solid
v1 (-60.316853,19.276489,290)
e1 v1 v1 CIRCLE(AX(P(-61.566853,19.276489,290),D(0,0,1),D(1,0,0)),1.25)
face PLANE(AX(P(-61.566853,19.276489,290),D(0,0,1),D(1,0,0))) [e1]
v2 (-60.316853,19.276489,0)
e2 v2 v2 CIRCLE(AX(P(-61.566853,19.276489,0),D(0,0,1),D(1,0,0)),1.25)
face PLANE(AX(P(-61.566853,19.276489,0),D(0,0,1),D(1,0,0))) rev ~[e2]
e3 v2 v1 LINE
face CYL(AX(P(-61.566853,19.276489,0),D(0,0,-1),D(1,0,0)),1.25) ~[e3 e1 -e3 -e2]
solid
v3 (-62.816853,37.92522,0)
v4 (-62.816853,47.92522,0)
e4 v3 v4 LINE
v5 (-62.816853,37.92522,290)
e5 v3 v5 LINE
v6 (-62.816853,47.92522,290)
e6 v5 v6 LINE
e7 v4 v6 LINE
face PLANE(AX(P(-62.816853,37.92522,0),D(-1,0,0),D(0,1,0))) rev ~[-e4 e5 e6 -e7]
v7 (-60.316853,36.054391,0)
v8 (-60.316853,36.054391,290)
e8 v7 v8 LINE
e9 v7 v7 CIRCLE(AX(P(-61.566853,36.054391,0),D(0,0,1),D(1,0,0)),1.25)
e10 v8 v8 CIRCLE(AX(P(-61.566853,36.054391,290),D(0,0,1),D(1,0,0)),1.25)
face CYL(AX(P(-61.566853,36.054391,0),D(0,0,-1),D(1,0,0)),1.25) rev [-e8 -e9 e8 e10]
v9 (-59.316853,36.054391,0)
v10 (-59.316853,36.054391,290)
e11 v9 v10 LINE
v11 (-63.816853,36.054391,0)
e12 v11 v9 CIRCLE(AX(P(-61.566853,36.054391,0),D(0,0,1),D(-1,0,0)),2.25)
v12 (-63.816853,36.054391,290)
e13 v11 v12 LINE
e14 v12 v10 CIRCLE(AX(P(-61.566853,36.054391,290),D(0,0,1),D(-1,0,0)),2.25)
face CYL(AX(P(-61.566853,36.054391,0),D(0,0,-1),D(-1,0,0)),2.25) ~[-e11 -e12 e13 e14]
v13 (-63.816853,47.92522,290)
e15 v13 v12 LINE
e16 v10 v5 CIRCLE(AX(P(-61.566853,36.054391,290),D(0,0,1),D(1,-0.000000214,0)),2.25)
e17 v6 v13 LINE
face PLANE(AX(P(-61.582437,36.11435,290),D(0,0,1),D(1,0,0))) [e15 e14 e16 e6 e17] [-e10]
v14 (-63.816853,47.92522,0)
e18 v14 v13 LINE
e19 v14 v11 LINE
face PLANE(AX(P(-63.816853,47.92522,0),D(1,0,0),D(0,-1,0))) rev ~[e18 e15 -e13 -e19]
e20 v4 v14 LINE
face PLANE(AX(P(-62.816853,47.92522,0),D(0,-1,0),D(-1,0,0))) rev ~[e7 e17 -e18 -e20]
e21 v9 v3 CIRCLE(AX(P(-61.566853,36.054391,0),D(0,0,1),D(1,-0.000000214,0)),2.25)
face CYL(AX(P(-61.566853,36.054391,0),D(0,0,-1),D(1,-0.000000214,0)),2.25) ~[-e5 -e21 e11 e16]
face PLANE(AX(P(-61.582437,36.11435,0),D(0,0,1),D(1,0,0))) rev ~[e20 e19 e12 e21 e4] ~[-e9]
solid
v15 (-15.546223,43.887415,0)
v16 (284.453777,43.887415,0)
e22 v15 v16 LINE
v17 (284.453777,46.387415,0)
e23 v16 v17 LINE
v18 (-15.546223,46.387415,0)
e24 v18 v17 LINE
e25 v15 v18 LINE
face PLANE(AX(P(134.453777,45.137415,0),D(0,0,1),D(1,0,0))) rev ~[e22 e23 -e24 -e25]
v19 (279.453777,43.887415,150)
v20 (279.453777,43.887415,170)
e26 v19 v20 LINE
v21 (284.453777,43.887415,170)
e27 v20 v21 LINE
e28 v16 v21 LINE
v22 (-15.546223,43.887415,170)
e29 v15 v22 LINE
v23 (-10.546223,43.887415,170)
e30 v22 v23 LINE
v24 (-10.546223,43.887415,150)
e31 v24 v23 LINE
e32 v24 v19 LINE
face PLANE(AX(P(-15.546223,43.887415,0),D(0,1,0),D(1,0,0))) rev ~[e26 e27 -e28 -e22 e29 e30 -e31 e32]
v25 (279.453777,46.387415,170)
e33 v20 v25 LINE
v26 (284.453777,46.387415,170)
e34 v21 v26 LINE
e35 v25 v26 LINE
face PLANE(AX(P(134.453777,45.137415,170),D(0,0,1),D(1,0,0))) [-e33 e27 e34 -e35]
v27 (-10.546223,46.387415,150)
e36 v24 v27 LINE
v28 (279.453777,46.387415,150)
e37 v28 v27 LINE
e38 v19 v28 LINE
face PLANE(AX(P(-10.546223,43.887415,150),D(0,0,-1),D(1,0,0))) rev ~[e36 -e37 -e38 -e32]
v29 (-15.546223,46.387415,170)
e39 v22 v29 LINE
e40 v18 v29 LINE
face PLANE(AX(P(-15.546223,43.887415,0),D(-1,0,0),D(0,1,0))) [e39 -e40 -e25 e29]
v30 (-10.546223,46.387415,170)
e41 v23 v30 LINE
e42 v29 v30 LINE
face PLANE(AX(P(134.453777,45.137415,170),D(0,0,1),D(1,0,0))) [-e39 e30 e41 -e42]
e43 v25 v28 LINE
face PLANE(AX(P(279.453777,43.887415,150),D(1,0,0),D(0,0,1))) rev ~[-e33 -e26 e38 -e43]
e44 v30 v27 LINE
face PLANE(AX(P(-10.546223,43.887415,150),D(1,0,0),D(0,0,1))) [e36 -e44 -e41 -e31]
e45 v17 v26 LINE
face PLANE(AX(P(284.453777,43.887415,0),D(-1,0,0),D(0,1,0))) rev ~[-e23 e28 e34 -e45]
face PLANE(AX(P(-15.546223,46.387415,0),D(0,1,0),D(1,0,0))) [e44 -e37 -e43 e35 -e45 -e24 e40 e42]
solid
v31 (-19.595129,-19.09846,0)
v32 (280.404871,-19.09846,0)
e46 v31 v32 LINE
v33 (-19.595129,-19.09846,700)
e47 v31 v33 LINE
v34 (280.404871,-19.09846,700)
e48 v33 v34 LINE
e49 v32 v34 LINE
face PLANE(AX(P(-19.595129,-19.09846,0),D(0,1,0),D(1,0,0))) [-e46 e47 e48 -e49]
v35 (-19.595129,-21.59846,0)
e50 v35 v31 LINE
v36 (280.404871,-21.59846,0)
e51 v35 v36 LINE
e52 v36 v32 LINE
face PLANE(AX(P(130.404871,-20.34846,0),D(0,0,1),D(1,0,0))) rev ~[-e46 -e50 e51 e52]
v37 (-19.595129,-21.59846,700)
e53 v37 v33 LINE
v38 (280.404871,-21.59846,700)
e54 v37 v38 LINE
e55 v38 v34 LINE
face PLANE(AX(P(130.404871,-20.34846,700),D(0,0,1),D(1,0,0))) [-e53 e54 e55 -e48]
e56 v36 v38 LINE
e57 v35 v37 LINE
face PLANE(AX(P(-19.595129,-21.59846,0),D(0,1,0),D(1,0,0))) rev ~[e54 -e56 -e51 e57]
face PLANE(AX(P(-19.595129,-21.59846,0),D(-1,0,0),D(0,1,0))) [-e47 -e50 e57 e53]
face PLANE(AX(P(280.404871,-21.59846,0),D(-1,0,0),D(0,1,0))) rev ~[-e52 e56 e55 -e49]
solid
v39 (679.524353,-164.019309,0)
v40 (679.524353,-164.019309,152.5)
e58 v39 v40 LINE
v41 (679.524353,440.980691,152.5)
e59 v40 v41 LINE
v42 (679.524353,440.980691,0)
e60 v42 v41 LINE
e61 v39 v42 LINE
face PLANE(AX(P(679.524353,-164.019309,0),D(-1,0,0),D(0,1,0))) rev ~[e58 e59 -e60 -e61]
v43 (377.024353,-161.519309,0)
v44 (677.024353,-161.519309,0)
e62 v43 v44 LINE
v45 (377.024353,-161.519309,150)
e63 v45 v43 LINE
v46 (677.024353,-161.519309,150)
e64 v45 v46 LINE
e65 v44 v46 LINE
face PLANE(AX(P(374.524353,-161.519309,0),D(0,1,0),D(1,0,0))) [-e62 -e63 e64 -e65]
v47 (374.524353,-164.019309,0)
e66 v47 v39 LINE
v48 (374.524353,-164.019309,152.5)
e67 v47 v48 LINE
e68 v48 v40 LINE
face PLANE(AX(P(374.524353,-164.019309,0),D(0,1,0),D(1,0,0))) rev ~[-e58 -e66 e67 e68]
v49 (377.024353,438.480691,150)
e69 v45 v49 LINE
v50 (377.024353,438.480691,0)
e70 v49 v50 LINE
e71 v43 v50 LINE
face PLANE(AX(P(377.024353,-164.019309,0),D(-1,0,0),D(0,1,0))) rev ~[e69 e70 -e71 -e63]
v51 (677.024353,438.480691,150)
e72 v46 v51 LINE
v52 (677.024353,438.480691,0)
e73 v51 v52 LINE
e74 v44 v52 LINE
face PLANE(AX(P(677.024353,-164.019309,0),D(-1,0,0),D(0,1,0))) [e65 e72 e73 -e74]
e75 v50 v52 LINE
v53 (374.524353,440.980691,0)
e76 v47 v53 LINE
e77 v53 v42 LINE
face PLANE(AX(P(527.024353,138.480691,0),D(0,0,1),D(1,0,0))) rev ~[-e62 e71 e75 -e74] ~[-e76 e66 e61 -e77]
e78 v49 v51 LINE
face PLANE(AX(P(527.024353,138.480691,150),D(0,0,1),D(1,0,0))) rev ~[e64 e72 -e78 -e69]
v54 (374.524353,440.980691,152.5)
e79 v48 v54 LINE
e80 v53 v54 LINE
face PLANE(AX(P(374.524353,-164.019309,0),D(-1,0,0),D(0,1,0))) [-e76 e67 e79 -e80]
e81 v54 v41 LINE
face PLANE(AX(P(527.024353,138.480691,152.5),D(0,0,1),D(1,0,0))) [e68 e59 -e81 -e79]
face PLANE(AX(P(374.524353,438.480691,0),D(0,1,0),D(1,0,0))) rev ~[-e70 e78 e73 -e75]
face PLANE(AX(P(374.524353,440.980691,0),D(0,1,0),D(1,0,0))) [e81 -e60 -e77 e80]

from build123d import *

# Parameters (mm, degrees)
F0_W     = 300
F0_H     = 2.5
F1_DEPTH = 170
F2_W     = 290
F2_H     = 20
F3_DEPTH = 25
F0_R     = 1.25
F4_DEPTH = 290
F5_DEPTH = 290
F6_DEPTH = 700
F0_W_2   = 305
F0_H_2   = 605
F9_DEPTH = 152.5
F10_T    = -2.5


with BuildPart() as f1:
    # F0 (on Top) → F1 (new body)
    with BuildSketch(Plane.XY):
        with Locations((134.453777, 45.137415)):
            Rectangle(F0_W, F0_H)
    extrude(amount=F1_DEPTH)

    # F2 (on face) → F3 (cut)
    with BuildSketch(Plane.XZ.offset(-43.887415)):
        with Locations((134.453777, 160)):
            Rectangle(F2_W, F2_H)
    extrude(amount=-F3_DEPTH, mode=Mode.SUBTRACT)


with BuildPart() as f4:
    # F0 (on Top) → F4 (new body)
    with BuildSketch(Plane.XY):
        with Locations((-61.566853, 19.276489)):
            Circle(F0_R)
    extrude(amount=F4_DEPTH)


with BuildPart() as f5:
    # F0 (on Top) → F5 (new body)
    with BuildSketch(Plane.XY):
        with BuildLine():
            ThreePointArc((-63.816853, 36.054391), (-61.566853, 33.804391), (-59.316853, 36.054391))
            ThreePointArc((-59.316853, 36.054391), (-60.506193, 38.038705), (-62.816853, 37.92522))
            ThreePointArc((-62.816853, 37.92522), (-63.551167, 37.115052), (-63.816853, 36.054391))
        make_face()
        with Locations((-61.566853, 36.054391)):
            Circle(F0_R, mode=Mode.SUBTRACT)
        with BuildLine():
            ThreePointArc((-63.816853, 36.054391), (-63.551167, 37.115052), (-62.816853, 37.92522))
            Line((-62.816853, 37.92522), (-62.816853, 47.92522))
            Line((-62.816853, 47.92522), (-63.816853, 47.92522))
            Line((-63.816853, 47.92522), (-63.816853, 36.054391))
        make_face()
    extrude(amount=F5_DEPTH)


with BuildPart() as f6:
    # F0 (on Top) → F6 (new body)
    with BuildSketch(Plane.XY):
        with Locations((130.404871, -20.34846)):
            Rectangle(F0_W, F0_H)
    extrude(amount=F6_DEPTH)


with BuildPart() as f9:
    # F0 (on Top) → F9 (new body)
    with BuildSketch(Plane.XY):
        with Locations((527.024353, 138.480691)):
            Rectangle(F0_W_2, F0_H_2)
    extrude(amount=F9_DEPTH)

    # F10
    f10_openings = [f9.faces().sort_by_distance(p)[0] for p in [
        (527.024353, 138.480691, 0),
    ]]
    offset(amount=F10_T, openings=f10_openings)


solid = Compound([f1.part, f4.part, f5.part, f6.part, f9.part])
